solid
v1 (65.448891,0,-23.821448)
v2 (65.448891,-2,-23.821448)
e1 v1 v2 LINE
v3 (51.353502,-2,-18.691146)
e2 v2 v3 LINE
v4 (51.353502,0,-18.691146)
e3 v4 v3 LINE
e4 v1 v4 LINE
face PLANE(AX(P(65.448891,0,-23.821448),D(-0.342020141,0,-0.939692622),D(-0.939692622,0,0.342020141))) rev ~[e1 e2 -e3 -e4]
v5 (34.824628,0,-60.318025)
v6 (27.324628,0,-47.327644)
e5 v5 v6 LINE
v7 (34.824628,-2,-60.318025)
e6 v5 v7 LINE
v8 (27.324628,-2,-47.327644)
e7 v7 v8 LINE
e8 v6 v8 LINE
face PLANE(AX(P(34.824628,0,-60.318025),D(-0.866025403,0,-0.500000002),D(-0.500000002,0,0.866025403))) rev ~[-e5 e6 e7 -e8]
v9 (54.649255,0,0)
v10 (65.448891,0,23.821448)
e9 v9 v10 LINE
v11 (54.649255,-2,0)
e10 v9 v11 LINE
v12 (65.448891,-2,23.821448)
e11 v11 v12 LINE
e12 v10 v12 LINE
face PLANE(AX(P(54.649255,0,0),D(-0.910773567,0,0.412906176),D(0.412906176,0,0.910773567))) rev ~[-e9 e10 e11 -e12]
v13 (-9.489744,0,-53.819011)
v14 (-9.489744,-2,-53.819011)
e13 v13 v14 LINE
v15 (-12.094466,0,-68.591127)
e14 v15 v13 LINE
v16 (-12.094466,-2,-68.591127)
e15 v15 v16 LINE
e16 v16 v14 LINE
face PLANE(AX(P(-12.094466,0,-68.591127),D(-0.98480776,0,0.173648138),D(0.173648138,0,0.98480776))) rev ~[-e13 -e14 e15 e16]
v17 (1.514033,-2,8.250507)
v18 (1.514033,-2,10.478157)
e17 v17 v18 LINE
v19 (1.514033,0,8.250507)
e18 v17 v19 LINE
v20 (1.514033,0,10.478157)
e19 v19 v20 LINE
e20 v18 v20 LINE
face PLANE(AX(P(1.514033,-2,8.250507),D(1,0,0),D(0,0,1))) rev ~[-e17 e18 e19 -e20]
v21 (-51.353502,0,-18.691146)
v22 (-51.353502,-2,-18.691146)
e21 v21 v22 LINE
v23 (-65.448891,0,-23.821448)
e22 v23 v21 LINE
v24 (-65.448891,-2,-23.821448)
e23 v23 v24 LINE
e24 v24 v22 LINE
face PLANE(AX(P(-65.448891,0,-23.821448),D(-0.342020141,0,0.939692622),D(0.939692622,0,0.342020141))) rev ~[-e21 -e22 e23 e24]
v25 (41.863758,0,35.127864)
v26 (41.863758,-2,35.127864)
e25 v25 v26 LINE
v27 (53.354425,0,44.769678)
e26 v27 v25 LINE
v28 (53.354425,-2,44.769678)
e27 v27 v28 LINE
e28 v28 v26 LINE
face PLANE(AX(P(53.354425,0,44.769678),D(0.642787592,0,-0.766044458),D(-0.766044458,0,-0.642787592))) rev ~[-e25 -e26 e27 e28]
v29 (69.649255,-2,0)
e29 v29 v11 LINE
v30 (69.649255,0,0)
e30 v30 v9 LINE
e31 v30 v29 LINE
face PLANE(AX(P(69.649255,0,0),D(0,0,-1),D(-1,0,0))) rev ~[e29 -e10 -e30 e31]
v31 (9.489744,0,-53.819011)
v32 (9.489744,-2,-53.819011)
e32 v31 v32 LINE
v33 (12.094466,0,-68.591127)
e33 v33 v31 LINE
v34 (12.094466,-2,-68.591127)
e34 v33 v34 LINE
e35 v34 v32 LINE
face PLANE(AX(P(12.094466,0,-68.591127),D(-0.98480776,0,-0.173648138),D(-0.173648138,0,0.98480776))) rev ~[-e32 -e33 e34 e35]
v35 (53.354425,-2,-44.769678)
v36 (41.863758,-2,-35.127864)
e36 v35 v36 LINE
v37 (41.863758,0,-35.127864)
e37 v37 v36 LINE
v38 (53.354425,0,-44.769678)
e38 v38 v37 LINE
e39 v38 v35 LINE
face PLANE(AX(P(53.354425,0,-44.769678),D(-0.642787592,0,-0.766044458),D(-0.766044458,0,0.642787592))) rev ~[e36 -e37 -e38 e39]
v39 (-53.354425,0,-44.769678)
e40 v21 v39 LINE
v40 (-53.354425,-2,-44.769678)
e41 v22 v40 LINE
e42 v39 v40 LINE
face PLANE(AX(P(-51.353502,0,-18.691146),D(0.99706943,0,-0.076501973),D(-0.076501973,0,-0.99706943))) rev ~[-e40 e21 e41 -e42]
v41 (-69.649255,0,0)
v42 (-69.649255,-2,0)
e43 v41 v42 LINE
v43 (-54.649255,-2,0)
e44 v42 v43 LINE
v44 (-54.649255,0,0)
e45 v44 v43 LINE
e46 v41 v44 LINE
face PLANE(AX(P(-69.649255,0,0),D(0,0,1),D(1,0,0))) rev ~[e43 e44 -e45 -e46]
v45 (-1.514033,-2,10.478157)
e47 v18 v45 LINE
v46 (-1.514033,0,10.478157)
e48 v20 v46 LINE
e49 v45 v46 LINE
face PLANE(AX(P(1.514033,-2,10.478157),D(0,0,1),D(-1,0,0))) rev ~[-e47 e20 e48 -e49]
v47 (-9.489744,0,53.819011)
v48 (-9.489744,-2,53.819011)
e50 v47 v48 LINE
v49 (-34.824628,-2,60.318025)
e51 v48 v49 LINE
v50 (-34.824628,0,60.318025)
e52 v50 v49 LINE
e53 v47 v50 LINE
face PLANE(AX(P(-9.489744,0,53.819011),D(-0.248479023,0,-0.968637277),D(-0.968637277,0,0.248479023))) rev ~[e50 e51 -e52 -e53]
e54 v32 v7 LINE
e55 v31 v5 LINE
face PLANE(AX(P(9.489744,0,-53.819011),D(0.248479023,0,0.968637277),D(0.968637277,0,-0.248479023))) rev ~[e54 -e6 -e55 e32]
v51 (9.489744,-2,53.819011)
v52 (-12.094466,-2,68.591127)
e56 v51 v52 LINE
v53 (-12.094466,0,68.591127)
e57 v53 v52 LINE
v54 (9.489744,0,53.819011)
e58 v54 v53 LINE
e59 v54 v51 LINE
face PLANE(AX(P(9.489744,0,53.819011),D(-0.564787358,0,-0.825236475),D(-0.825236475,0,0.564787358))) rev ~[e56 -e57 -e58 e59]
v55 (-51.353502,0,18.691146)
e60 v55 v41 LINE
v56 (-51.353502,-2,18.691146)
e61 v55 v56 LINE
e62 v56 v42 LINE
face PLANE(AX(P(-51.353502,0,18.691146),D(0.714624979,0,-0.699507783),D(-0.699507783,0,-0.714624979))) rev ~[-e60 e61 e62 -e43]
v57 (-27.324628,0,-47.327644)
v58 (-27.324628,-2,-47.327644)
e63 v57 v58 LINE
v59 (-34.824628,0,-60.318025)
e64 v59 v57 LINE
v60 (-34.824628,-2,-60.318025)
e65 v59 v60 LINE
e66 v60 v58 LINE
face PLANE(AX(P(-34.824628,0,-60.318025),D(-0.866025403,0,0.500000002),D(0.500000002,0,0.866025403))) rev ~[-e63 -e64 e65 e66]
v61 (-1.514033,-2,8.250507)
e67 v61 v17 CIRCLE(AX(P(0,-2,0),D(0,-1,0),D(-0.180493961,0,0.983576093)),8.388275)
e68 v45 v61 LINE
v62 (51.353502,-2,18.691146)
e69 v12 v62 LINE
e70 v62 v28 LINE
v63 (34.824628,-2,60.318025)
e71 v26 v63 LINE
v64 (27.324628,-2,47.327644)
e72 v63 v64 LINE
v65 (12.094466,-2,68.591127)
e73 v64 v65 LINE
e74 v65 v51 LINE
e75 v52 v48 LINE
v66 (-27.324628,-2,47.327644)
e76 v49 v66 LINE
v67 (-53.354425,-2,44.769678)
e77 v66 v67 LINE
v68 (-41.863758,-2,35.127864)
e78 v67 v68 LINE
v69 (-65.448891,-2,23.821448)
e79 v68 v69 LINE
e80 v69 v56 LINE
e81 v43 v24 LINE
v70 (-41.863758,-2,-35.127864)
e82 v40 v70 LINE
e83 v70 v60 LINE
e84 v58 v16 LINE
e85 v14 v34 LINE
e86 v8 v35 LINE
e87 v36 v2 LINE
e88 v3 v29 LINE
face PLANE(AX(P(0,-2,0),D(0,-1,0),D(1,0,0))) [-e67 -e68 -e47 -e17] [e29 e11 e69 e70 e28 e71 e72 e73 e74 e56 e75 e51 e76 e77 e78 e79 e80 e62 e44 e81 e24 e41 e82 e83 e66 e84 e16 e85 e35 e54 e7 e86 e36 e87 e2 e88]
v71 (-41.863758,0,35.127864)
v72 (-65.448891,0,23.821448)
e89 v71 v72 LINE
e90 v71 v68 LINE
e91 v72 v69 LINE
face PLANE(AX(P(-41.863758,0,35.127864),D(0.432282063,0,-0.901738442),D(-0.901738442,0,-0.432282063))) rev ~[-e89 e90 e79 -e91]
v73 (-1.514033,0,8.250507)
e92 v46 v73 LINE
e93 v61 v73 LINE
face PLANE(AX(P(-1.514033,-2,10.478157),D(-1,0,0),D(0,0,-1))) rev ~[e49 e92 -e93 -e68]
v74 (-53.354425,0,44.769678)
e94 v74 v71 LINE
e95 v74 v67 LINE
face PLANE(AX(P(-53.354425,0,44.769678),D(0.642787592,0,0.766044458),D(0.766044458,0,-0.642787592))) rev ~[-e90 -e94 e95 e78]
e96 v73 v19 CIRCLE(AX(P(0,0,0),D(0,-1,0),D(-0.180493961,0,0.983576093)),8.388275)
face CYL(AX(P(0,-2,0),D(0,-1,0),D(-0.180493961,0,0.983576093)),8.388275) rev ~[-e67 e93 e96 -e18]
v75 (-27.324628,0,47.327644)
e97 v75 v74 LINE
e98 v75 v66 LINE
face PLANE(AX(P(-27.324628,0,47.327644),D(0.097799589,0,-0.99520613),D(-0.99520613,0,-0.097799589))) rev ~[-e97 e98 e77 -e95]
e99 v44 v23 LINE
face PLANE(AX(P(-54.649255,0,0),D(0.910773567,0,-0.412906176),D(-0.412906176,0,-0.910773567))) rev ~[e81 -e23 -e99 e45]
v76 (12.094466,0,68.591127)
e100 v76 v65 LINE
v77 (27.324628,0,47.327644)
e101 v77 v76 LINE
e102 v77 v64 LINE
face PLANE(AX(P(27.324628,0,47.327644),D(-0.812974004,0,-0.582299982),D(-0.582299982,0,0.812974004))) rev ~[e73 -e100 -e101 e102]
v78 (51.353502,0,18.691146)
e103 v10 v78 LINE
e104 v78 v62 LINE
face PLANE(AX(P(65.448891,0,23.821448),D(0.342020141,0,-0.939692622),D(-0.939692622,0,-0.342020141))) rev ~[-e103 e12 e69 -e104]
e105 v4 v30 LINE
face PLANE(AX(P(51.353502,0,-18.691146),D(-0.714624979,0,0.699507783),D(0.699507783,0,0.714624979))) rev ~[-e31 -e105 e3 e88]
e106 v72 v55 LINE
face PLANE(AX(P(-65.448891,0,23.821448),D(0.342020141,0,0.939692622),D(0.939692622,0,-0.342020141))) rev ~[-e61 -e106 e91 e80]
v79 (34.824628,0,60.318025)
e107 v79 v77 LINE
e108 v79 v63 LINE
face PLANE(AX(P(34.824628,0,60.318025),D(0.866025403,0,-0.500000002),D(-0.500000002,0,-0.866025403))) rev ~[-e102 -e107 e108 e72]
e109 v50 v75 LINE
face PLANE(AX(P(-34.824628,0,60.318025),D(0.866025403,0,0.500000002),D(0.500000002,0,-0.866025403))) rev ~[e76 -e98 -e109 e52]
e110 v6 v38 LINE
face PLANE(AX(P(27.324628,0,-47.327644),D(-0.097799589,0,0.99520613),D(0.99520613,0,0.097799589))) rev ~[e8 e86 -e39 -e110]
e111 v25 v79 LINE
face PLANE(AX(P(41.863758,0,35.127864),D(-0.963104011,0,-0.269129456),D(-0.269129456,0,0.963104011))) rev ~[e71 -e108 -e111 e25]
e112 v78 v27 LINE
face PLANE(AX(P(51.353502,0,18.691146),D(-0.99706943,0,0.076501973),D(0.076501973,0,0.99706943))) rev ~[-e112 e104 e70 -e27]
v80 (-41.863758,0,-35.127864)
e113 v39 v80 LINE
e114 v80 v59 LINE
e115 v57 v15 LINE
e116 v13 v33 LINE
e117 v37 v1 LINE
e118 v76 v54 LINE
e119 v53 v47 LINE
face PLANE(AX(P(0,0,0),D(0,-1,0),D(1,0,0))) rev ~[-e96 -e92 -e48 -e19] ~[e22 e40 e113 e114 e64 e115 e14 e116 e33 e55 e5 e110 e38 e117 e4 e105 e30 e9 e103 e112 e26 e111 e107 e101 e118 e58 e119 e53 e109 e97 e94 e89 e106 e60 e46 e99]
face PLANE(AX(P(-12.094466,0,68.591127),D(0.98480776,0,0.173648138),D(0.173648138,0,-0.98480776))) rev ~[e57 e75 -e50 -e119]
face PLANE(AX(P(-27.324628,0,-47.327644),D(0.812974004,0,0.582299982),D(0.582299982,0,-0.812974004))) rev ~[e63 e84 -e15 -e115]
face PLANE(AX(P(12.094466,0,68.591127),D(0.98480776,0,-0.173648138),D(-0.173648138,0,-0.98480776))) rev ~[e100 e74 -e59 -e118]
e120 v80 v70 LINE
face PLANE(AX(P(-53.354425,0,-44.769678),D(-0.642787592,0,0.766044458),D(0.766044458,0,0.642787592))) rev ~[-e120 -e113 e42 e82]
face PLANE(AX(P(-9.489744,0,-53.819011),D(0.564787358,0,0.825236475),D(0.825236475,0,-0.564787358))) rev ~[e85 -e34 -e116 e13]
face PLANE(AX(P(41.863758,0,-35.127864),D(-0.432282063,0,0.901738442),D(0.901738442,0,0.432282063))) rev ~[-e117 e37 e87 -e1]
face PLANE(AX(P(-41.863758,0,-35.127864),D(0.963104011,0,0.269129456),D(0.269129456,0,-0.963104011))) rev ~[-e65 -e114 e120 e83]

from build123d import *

# Parameters (mm, degrees)
F1_DEPTH = 2
F3_DEPTH = 25


with BuildPart() as f1:
    # F0 (on Front) → F1 (new body)
    with BuildSketch(Plane.XZ):
        Polygon((54.649255, 0), (65.448891, 23.821448), (51.353502, 18.691146), (53.354425, 44.769678), (41.863758, 35.127864), (34.824628, 60.318025), (27.324628, 47.327644), (12.094466, 68.591127), (9.489744, 53.819011), (-12.094466, 68.591127), (-9.489744, 53.819011), (-34.824628, 60.318025), (-27.324628, 47.327644), (-53.354425, 44.769678), (-41.863758, 35.127864), (-65.448891, 23.821448), (-51.353502, 18.691146), (-69.649255, 0), (-54.649255, 0), (-65.448891, -23.821448), (-51.353502, -18.691146), (-53.354425, -44.769678), (-41.863758, -35.127864), (-34.824628, -60.318025), (-27.324628, -47.327644), (-12.094466, -68.591127), (-9.489744, -53.819011), (12.094466, -68.591127), (9.489744, -53.819011), (34.824628, -60.318025), (27.324628, -47.327644), (53.354425, -44.769678), (41.863758, -35.127864), (65.448891, -23.821448), (51.353502, -18.691146), (69.649255, 0), align=None)
    extrude(amount=F1_DEPTH)

    # F2 (on face) → F3 (cut)
    with BuildSketch(Plane.XZ.offset(2)):
        with BuildLine():
            Line((-1.514033, 10.478157), (-1.514033, 8.250507))
            ThreePointArc((-1.514033, 8.250507), (0, -8.388275), (1.514033, 8.250507))
            Line((1.514033, 8.250507), (1.514033, 10.478157))
            Line((1.514033, 10.478157), (-1.514033, 10.478157))
        make_face()
    extrude(amount=-F3_DEPTH, mode=Mode.SUBTRACT)


solid = f1.part
